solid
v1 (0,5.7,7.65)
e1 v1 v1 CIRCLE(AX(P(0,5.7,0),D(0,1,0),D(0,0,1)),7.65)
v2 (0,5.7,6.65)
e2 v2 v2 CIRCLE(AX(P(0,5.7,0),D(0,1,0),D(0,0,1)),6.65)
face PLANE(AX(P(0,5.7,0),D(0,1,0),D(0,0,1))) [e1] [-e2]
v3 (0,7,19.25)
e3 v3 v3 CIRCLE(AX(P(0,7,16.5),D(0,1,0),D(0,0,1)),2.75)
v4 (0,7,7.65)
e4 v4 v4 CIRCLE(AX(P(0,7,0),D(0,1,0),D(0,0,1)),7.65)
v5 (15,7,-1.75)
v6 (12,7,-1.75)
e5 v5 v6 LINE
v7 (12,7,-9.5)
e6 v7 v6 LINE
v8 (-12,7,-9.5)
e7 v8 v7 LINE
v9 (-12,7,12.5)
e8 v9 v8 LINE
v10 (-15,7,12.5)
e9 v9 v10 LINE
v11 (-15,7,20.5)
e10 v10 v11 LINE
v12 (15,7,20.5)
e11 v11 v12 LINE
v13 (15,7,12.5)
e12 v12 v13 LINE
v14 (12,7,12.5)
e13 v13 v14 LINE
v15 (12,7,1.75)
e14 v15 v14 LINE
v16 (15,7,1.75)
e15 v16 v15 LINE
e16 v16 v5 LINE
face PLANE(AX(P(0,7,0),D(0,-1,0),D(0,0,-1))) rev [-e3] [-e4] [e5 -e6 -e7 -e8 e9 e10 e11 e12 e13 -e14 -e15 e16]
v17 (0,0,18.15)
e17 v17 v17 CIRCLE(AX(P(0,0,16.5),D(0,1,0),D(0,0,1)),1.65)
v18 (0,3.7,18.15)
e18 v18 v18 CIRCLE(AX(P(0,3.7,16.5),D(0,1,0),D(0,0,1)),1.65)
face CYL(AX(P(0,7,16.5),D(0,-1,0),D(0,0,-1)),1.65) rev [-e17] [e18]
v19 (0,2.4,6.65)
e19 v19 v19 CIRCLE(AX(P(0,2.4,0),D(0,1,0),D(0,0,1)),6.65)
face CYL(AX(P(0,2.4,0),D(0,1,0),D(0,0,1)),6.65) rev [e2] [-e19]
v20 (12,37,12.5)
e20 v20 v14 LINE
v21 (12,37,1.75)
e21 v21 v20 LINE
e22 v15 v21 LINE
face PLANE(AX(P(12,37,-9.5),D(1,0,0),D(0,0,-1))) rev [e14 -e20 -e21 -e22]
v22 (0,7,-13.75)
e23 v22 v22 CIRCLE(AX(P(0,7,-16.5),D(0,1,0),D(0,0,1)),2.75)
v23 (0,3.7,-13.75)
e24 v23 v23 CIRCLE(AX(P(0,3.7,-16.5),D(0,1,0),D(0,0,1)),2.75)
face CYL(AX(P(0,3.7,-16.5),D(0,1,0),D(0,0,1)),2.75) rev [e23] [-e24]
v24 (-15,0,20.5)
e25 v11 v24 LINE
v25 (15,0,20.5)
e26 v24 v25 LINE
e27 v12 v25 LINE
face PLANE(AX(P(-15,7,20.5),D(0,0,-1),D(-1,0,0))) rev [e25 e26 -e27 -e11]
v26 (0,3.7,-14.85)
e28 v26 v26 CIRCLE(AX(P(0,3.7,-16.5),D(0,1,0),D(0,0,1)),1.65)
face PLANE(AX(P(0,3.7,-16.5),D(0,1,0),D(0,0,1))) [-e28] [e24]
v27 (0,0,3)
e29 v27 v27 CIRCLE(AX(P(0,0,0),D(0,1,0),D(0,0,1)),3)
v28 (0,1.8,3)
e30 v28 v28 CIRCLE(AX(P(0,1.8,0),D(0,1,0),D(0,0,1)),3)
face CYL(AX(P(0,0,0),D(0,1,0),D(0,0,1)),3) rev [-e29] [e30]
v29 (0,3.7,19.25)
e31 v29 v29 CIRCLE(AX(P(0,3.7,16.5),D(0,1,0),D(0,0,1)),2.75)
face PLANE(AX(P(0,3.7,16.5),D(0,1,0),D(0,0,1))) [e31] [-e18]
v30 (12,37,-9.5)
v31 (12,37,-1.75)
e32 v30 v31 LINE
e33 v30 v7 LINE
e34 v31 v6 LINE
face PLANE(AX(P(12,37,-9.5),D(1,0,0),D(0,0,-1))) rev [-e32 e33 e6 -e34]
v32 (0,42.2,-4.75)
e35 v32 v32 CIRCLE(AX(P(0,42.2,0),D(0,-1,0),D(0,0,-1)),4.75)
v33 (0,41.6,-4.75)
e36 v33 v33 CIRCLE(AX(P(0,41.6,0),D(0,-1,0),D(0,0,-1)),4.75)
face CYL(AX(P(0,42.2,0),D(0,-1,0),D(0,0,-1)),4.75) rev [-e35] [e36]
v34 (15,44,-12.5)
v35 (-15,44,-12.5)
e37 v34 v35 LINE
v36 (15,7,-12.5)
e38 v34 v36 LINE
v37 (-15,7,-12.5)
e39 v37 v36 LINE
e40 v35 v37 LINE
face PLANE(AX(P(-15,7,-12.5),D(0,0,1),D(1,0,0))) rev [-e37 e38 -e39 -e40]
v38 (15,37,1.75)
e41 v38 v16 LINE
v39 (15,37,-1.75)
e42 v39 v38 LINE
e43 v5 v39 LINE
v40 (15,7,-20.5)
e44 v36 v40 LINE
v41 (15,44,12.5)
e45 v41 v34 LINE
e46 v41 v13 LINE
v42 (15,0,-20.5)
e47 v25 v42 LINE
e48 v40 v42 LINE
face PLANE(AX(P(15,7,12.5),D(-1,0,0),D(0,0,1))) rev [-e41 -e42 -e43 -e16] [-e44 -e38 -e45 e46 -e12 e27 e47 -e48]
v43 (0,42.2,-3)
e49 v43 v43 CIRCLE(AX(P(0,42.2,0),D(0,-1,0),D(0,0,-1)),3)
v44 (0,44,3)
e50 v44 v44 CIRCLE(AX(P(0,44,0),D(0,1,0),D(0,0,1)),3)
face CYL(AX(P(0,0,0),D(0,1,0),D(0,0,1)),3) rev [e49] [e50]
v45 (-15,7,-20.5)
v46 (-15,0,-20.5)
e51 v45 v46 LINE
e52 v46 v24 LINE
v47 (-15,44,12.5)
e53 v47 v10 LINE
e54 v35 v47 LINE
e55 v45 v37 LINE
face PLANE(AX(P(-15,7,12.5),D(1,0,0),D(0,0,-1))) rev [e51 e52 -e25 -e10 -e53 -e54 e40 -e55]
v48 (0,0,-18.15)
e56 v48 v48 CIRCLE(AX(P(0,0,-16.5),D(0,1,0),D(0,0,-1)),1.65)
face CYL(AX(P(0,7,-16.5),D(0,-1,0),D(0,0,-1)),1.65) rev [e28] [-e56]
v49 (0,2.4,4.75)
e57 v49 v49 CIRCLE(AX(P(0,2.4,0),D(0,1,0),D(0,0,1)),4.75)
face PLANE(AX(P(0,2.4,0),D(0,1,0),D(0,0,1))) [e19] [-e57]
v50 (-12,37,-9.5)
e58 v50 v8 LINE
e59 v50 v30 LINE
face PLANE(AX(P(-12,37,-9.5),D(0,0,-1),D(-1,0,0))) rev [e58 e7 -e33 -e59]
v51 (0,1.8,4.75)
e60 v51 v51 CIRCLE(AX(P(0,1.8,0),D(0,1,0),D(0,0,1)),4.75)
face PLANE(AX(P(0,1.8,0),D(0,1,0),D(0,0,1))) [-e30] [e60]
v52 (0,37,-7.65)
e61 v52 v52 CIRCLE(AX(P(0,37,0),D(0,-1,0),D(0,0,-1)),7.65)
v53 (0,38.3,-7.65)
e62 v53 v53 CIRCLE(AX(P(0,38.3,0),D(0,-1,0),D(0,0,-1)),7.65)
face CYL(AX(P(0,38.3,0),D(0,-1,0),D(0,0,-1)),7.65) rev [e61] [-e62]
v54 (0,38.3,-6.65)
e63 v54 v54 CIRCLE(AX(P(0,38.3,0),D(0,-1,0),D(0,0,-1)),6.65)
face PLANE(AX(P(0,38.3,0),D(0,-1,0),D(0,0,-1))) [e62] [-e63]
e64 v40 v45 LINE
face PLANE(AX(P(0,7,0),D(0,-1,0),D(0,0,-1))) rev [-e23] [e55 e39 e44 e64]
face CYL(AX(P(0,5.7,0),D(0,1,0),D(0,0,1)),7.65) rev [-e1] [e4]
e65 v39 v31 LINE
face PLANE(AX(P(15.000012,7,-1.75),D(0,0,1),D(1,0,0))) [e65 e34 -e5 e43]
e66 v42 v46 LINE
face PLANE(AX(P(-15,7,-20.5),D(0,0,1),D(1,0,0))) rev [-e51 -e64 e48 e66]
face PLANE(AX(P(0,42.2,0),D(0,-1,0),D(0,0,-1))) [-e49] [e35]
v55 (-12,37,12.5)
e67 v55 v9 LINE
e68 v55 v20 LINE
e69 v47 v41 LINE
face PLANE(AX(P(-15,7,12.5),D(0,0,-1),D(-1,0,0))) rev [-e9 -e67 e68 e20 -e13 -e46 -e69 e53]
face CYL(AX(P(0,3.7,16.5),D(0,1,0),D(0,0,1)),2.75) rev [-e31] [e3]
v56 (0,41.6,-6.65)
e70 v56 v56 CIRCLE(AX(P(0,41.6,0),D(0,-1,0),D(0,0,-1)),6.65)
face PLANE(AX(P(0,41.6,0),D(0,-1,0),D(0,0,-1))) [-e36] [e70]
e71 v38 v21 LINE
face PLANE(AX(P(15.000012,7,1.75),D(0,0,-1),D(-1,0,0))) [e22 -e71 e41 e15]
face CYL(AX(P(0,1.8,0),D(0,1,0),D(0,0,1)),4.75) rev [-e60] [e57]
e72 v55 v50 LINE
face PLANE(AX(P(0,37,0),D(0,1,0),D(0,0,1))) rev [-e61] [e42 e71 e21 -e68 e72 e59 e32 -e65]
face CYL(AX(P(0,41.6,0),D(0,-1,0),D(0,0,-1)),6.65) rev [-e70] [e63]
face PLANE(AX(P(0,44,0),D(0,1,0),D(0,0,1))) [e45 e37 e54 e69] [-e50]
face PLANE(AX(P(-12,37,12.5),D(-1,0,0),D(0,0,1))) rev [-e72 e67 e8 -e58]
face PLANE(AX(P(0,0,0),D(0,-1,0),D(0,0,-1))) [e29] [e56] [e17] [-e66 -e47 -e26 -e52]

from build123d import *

# Parameters (mm, degrees)
SKETCH1_W               = 30
SKETCH1_H               = 25
BOSS_EXTRUDE1_DEPTH     = 7
BOSS_EXTRUDE2_DEPTH     = 30
SKETCH3_W               = 30
SKETCH3_H               = 25
BOSS_EXTRUDE3_DEPTH     = 7
SKETCH4_R               = 7.65
CUT_EXTRUDE1_DEPTH      = 1.3
CUT_EXTRUDE2_START      = -1.3
SKETCH5_R               = 7.65
CUT_EXTRUDE2_DEPTH      = 1.3
SKETCH6_R               = 6.65
CUT_EXTRUDE3_DEPTH      = 3.3
CUT_EXTRUDE4_START      = -3.3
SKETCH7_R               = 6.65
CUT_EXTRUDE4_DEPTH      = 3.3
SKETCH8_R               = 4.75
CUT_EXTRUDE5_DEPTH      = 0.6
CUT_EXTRUDE6_START      = -0.6
SKETCH9_R               = 4.75
CUT_EXTRUDE6_DEPTH      = 0.6
CUT_EXTRUDE7_DEPTH      = 47.498279538
CUT_EXTRUDE7_DEPTH_BACK = 47.498279538
SKETCH10_R              = 3
CUT_EXTRUDE8_DEPTH      = 55.701462503
CUT_EXTRUDE8_DEPTH_BACK = 10.6
SKETCH11_W              = 3.5
SKETCH11_H              = 30
SKETCH12_W              = 30
SKETCH12_H              = 8
SKETCH12_R              = 1.65
BOSS_EXTRUDE4_DEPTH     = 7
SKETCH13_R              = 2.75
CUT_EXTRUDE9_DEPTH      = 3.3


with BuildPart() as part:
    # Sketch1 → Boss-Extrude1 (new body)
    with BuildSketch(Plane(origin=(0, 0, 0), x_dir=(1, 0, 0), z_dir=(0, 1, 0))):
        Rectangle(SKETCH1_W, SKETCH1_H)
    extrude(amount=BOSS_EXTRUDE1_DEPTH)

    # Sketch2 → Boss-Extrude2 (add)
    with BuildSketch(Plane(origin=(0, 7, 0), x_dir=(1, 0, 0), z_dir=(0, 1, 0))):
        Polygon((-15, -12.5), (-12, -12.5), (-12, 9.5), (12, 9.5), (12, -12.5), (15, -12.5), (15, 12.5), (-15, 12.5), align=None)
    extrude(amount=BOSS_EXTRUDE2_DEPTH)

    # Sketch3 → Boss-Extrude3 (add)
    with BuildSketch(Plane(origin=(0, 37, 0), x_dir=(1, 0, 0), z_dir=(0, 1, 0))):
        Rectangle(SKETCH3_W, SKETCH3_H)
    extrude(amount=BOSS_EXTRUDE3_DEPTH)

    # Sketch4 → Cut-Extrude1 (cut)
    with BuildSketch(Plane(origin=(0, 7, 0), x_dir=(1, 0, 0), z_dir=(0, 1, 0))):
        with Locations(Location((0, 0, 0), (0, 0, 270))):
            Circle(SKETCH4_R)
    extrude(amount=-CUT_EXTRUDE1_DEPTH, mode=Mode.SUBTRACT)

    # Sketch5 → Cut-Extrude2 (cut)
    with BuildSketch(Plane.XZ.offset(-37).offset(CUT_EXTRUDE2_START)):
        with Locations(Location((0, 0, 0), (0, 0, 90))):
            Circle(SKETCH5_R)
    extrude(amount=CUT_EXTRUDE2_DEPTH, mode=Mode.SUBTRACT)

    # Sketch6 → Cut-Extrude3 (cut)
    with BuildSketch(Plane(origin=(0, 5.7, 0), x_dir=(1, 0, 0), z_dir=(0, 1, 0))):
        with Locations(Location((0, 0, 0), (0, 0, 270))):
            Circle(SKETCH6_R)
    extrude(amount=-CUT_EXTRUDE3_DEPTH, mode=Mode.SUBTRACT)

    # Sketch7 → Cut-Extrude4 (cut)
    with BuildSketch(Plane.XZ.offset(-38.3).offset(CUT_EXTRUDE4_START)):
        with Locations(Location((0, 0, 0), (0, 0, 90))):
            Circle(SKETCH7_R)
    extrude(amount=CUT_EXTRUDE4_DEPTH, mode=Mode.SUBTRACT)

    # Sketch8 → Cut-Extrude5 (cut)
    with BuildSketch(Plane(origin=(0, 2.4, 0), x_dir=(1, 0, 0), z_dir=(0, 1, 0))):
        with Locations(Location((0, 0, 0), (0, 0, 270))):
            Circle(SKETCH8_R)
    extrude(amount=-CUT_EXTRUDE5_DEPTH, mode=Mode.SUBTRACT)

    # Sketch9 → Cut-Extrude6 (cut)
    with BuildSketch(Plane.XZ.offset(-41.6).offset(CUT_EXTRUDE6_START)):
        with Locations(Location((0, 0, 0), (0, 0, 90))):
            Circle(SKETCH9_R)
    extrude(amount=CUT_EXTRUDE6_DEPTH, mode=Mode.SUBTRACT)

    # Sketch10 → Cut-Extrude7 (cut, two sides: drawn at the far end of the back side and taken through both)
    with BuildSketch(Plane(origin=(0, 1.8, 0), x_dir=(1, 0, 0), z_dir=(0, 1, 0)).offset(-CUT_EXTRUDE7_DEPTH_BACK)):
        with Locations(Location((0, 0, 0), (0, 0, 270))):
            Circle(SKETCH10_R)
    extrude(amount=CUT_EXTRUDE7_DEPTH + CUT_EXTRUDE7_DEPTH_BACK, mode=Mode.SUBTRACT)

    # Sketch11 → Cut-Extrude8 (cut, two sides: drawn at the far end of the back side and taken through both)
    with BuildSketch(Plane(origin=(15, 0, 0), x_dir=(0, 0, -1), z_dir=(1, 0, 0)).offset(-CUT_EXTRUDE8_DEPTH_BACK)):
        with Locations((0, 22)):
            Rectangle(SKETCH11_W, SKETCH11_H)
    extrude(amount=CUT_EXTRUDE8_DEPTH + CUT_EXTRUDE8_DEPTH_BACK, mode=Mode.SUBTRACT)

    # Sketch12 → Boss-Extrude4 (add)
    # profile 1 of 2: a face of its own
    with BuildSketch(Plane(origin=(0, 0, 0), x_dir=(1, 0, 0), z_dir=(0, 1, 0))):
        with Locations((0, -16.5)):
            Rectangle(SKETCH12_W, SKETCH12_H)
        with Locations(Location((0, -16.5, 0), (0, 0, 270))):
            Circle(SKETCH12_R, mode=Mode.SUBTRACT)
    # profile 2 of 2: a face of its own
    with BuildSketch(Plane(origin=(0, 0, 0), x_dir=(1, 0, 0), z_dir=(0, 1, 0))):
        with Locations((0, 16.5)):
            Rectangle(SKETCH12_W, SKETCH12_H)
        with Locations(Location((0, 16.5, 0), (0, 0, 90))):
            Circle(SKETCH12_R, mode=Mode.SUBTRACT)
    extrude(amount=BOSS_EXTRUDE4_DEPTH)

    # Sketch13 → Cut-Extrude9 (cut)
    with BuildSketch(Plane(origin=(0, 7, 0), x_dir=(1, 0, 0), z_dir=(0, 1, 0))):
        with Locations(Location((0, 16.5, 0), (0, 0, 270))):
            Circle(SKETCH13_R)
        with Locations(Location((0, -16.5, 0), (0, 0, 270))):
            Circle(SKETCH13_R)
    extrude(amount=-CUT_EXTRUDE9_DEPTH, mode=Mode.SUBTRACT)


solid = part.part
